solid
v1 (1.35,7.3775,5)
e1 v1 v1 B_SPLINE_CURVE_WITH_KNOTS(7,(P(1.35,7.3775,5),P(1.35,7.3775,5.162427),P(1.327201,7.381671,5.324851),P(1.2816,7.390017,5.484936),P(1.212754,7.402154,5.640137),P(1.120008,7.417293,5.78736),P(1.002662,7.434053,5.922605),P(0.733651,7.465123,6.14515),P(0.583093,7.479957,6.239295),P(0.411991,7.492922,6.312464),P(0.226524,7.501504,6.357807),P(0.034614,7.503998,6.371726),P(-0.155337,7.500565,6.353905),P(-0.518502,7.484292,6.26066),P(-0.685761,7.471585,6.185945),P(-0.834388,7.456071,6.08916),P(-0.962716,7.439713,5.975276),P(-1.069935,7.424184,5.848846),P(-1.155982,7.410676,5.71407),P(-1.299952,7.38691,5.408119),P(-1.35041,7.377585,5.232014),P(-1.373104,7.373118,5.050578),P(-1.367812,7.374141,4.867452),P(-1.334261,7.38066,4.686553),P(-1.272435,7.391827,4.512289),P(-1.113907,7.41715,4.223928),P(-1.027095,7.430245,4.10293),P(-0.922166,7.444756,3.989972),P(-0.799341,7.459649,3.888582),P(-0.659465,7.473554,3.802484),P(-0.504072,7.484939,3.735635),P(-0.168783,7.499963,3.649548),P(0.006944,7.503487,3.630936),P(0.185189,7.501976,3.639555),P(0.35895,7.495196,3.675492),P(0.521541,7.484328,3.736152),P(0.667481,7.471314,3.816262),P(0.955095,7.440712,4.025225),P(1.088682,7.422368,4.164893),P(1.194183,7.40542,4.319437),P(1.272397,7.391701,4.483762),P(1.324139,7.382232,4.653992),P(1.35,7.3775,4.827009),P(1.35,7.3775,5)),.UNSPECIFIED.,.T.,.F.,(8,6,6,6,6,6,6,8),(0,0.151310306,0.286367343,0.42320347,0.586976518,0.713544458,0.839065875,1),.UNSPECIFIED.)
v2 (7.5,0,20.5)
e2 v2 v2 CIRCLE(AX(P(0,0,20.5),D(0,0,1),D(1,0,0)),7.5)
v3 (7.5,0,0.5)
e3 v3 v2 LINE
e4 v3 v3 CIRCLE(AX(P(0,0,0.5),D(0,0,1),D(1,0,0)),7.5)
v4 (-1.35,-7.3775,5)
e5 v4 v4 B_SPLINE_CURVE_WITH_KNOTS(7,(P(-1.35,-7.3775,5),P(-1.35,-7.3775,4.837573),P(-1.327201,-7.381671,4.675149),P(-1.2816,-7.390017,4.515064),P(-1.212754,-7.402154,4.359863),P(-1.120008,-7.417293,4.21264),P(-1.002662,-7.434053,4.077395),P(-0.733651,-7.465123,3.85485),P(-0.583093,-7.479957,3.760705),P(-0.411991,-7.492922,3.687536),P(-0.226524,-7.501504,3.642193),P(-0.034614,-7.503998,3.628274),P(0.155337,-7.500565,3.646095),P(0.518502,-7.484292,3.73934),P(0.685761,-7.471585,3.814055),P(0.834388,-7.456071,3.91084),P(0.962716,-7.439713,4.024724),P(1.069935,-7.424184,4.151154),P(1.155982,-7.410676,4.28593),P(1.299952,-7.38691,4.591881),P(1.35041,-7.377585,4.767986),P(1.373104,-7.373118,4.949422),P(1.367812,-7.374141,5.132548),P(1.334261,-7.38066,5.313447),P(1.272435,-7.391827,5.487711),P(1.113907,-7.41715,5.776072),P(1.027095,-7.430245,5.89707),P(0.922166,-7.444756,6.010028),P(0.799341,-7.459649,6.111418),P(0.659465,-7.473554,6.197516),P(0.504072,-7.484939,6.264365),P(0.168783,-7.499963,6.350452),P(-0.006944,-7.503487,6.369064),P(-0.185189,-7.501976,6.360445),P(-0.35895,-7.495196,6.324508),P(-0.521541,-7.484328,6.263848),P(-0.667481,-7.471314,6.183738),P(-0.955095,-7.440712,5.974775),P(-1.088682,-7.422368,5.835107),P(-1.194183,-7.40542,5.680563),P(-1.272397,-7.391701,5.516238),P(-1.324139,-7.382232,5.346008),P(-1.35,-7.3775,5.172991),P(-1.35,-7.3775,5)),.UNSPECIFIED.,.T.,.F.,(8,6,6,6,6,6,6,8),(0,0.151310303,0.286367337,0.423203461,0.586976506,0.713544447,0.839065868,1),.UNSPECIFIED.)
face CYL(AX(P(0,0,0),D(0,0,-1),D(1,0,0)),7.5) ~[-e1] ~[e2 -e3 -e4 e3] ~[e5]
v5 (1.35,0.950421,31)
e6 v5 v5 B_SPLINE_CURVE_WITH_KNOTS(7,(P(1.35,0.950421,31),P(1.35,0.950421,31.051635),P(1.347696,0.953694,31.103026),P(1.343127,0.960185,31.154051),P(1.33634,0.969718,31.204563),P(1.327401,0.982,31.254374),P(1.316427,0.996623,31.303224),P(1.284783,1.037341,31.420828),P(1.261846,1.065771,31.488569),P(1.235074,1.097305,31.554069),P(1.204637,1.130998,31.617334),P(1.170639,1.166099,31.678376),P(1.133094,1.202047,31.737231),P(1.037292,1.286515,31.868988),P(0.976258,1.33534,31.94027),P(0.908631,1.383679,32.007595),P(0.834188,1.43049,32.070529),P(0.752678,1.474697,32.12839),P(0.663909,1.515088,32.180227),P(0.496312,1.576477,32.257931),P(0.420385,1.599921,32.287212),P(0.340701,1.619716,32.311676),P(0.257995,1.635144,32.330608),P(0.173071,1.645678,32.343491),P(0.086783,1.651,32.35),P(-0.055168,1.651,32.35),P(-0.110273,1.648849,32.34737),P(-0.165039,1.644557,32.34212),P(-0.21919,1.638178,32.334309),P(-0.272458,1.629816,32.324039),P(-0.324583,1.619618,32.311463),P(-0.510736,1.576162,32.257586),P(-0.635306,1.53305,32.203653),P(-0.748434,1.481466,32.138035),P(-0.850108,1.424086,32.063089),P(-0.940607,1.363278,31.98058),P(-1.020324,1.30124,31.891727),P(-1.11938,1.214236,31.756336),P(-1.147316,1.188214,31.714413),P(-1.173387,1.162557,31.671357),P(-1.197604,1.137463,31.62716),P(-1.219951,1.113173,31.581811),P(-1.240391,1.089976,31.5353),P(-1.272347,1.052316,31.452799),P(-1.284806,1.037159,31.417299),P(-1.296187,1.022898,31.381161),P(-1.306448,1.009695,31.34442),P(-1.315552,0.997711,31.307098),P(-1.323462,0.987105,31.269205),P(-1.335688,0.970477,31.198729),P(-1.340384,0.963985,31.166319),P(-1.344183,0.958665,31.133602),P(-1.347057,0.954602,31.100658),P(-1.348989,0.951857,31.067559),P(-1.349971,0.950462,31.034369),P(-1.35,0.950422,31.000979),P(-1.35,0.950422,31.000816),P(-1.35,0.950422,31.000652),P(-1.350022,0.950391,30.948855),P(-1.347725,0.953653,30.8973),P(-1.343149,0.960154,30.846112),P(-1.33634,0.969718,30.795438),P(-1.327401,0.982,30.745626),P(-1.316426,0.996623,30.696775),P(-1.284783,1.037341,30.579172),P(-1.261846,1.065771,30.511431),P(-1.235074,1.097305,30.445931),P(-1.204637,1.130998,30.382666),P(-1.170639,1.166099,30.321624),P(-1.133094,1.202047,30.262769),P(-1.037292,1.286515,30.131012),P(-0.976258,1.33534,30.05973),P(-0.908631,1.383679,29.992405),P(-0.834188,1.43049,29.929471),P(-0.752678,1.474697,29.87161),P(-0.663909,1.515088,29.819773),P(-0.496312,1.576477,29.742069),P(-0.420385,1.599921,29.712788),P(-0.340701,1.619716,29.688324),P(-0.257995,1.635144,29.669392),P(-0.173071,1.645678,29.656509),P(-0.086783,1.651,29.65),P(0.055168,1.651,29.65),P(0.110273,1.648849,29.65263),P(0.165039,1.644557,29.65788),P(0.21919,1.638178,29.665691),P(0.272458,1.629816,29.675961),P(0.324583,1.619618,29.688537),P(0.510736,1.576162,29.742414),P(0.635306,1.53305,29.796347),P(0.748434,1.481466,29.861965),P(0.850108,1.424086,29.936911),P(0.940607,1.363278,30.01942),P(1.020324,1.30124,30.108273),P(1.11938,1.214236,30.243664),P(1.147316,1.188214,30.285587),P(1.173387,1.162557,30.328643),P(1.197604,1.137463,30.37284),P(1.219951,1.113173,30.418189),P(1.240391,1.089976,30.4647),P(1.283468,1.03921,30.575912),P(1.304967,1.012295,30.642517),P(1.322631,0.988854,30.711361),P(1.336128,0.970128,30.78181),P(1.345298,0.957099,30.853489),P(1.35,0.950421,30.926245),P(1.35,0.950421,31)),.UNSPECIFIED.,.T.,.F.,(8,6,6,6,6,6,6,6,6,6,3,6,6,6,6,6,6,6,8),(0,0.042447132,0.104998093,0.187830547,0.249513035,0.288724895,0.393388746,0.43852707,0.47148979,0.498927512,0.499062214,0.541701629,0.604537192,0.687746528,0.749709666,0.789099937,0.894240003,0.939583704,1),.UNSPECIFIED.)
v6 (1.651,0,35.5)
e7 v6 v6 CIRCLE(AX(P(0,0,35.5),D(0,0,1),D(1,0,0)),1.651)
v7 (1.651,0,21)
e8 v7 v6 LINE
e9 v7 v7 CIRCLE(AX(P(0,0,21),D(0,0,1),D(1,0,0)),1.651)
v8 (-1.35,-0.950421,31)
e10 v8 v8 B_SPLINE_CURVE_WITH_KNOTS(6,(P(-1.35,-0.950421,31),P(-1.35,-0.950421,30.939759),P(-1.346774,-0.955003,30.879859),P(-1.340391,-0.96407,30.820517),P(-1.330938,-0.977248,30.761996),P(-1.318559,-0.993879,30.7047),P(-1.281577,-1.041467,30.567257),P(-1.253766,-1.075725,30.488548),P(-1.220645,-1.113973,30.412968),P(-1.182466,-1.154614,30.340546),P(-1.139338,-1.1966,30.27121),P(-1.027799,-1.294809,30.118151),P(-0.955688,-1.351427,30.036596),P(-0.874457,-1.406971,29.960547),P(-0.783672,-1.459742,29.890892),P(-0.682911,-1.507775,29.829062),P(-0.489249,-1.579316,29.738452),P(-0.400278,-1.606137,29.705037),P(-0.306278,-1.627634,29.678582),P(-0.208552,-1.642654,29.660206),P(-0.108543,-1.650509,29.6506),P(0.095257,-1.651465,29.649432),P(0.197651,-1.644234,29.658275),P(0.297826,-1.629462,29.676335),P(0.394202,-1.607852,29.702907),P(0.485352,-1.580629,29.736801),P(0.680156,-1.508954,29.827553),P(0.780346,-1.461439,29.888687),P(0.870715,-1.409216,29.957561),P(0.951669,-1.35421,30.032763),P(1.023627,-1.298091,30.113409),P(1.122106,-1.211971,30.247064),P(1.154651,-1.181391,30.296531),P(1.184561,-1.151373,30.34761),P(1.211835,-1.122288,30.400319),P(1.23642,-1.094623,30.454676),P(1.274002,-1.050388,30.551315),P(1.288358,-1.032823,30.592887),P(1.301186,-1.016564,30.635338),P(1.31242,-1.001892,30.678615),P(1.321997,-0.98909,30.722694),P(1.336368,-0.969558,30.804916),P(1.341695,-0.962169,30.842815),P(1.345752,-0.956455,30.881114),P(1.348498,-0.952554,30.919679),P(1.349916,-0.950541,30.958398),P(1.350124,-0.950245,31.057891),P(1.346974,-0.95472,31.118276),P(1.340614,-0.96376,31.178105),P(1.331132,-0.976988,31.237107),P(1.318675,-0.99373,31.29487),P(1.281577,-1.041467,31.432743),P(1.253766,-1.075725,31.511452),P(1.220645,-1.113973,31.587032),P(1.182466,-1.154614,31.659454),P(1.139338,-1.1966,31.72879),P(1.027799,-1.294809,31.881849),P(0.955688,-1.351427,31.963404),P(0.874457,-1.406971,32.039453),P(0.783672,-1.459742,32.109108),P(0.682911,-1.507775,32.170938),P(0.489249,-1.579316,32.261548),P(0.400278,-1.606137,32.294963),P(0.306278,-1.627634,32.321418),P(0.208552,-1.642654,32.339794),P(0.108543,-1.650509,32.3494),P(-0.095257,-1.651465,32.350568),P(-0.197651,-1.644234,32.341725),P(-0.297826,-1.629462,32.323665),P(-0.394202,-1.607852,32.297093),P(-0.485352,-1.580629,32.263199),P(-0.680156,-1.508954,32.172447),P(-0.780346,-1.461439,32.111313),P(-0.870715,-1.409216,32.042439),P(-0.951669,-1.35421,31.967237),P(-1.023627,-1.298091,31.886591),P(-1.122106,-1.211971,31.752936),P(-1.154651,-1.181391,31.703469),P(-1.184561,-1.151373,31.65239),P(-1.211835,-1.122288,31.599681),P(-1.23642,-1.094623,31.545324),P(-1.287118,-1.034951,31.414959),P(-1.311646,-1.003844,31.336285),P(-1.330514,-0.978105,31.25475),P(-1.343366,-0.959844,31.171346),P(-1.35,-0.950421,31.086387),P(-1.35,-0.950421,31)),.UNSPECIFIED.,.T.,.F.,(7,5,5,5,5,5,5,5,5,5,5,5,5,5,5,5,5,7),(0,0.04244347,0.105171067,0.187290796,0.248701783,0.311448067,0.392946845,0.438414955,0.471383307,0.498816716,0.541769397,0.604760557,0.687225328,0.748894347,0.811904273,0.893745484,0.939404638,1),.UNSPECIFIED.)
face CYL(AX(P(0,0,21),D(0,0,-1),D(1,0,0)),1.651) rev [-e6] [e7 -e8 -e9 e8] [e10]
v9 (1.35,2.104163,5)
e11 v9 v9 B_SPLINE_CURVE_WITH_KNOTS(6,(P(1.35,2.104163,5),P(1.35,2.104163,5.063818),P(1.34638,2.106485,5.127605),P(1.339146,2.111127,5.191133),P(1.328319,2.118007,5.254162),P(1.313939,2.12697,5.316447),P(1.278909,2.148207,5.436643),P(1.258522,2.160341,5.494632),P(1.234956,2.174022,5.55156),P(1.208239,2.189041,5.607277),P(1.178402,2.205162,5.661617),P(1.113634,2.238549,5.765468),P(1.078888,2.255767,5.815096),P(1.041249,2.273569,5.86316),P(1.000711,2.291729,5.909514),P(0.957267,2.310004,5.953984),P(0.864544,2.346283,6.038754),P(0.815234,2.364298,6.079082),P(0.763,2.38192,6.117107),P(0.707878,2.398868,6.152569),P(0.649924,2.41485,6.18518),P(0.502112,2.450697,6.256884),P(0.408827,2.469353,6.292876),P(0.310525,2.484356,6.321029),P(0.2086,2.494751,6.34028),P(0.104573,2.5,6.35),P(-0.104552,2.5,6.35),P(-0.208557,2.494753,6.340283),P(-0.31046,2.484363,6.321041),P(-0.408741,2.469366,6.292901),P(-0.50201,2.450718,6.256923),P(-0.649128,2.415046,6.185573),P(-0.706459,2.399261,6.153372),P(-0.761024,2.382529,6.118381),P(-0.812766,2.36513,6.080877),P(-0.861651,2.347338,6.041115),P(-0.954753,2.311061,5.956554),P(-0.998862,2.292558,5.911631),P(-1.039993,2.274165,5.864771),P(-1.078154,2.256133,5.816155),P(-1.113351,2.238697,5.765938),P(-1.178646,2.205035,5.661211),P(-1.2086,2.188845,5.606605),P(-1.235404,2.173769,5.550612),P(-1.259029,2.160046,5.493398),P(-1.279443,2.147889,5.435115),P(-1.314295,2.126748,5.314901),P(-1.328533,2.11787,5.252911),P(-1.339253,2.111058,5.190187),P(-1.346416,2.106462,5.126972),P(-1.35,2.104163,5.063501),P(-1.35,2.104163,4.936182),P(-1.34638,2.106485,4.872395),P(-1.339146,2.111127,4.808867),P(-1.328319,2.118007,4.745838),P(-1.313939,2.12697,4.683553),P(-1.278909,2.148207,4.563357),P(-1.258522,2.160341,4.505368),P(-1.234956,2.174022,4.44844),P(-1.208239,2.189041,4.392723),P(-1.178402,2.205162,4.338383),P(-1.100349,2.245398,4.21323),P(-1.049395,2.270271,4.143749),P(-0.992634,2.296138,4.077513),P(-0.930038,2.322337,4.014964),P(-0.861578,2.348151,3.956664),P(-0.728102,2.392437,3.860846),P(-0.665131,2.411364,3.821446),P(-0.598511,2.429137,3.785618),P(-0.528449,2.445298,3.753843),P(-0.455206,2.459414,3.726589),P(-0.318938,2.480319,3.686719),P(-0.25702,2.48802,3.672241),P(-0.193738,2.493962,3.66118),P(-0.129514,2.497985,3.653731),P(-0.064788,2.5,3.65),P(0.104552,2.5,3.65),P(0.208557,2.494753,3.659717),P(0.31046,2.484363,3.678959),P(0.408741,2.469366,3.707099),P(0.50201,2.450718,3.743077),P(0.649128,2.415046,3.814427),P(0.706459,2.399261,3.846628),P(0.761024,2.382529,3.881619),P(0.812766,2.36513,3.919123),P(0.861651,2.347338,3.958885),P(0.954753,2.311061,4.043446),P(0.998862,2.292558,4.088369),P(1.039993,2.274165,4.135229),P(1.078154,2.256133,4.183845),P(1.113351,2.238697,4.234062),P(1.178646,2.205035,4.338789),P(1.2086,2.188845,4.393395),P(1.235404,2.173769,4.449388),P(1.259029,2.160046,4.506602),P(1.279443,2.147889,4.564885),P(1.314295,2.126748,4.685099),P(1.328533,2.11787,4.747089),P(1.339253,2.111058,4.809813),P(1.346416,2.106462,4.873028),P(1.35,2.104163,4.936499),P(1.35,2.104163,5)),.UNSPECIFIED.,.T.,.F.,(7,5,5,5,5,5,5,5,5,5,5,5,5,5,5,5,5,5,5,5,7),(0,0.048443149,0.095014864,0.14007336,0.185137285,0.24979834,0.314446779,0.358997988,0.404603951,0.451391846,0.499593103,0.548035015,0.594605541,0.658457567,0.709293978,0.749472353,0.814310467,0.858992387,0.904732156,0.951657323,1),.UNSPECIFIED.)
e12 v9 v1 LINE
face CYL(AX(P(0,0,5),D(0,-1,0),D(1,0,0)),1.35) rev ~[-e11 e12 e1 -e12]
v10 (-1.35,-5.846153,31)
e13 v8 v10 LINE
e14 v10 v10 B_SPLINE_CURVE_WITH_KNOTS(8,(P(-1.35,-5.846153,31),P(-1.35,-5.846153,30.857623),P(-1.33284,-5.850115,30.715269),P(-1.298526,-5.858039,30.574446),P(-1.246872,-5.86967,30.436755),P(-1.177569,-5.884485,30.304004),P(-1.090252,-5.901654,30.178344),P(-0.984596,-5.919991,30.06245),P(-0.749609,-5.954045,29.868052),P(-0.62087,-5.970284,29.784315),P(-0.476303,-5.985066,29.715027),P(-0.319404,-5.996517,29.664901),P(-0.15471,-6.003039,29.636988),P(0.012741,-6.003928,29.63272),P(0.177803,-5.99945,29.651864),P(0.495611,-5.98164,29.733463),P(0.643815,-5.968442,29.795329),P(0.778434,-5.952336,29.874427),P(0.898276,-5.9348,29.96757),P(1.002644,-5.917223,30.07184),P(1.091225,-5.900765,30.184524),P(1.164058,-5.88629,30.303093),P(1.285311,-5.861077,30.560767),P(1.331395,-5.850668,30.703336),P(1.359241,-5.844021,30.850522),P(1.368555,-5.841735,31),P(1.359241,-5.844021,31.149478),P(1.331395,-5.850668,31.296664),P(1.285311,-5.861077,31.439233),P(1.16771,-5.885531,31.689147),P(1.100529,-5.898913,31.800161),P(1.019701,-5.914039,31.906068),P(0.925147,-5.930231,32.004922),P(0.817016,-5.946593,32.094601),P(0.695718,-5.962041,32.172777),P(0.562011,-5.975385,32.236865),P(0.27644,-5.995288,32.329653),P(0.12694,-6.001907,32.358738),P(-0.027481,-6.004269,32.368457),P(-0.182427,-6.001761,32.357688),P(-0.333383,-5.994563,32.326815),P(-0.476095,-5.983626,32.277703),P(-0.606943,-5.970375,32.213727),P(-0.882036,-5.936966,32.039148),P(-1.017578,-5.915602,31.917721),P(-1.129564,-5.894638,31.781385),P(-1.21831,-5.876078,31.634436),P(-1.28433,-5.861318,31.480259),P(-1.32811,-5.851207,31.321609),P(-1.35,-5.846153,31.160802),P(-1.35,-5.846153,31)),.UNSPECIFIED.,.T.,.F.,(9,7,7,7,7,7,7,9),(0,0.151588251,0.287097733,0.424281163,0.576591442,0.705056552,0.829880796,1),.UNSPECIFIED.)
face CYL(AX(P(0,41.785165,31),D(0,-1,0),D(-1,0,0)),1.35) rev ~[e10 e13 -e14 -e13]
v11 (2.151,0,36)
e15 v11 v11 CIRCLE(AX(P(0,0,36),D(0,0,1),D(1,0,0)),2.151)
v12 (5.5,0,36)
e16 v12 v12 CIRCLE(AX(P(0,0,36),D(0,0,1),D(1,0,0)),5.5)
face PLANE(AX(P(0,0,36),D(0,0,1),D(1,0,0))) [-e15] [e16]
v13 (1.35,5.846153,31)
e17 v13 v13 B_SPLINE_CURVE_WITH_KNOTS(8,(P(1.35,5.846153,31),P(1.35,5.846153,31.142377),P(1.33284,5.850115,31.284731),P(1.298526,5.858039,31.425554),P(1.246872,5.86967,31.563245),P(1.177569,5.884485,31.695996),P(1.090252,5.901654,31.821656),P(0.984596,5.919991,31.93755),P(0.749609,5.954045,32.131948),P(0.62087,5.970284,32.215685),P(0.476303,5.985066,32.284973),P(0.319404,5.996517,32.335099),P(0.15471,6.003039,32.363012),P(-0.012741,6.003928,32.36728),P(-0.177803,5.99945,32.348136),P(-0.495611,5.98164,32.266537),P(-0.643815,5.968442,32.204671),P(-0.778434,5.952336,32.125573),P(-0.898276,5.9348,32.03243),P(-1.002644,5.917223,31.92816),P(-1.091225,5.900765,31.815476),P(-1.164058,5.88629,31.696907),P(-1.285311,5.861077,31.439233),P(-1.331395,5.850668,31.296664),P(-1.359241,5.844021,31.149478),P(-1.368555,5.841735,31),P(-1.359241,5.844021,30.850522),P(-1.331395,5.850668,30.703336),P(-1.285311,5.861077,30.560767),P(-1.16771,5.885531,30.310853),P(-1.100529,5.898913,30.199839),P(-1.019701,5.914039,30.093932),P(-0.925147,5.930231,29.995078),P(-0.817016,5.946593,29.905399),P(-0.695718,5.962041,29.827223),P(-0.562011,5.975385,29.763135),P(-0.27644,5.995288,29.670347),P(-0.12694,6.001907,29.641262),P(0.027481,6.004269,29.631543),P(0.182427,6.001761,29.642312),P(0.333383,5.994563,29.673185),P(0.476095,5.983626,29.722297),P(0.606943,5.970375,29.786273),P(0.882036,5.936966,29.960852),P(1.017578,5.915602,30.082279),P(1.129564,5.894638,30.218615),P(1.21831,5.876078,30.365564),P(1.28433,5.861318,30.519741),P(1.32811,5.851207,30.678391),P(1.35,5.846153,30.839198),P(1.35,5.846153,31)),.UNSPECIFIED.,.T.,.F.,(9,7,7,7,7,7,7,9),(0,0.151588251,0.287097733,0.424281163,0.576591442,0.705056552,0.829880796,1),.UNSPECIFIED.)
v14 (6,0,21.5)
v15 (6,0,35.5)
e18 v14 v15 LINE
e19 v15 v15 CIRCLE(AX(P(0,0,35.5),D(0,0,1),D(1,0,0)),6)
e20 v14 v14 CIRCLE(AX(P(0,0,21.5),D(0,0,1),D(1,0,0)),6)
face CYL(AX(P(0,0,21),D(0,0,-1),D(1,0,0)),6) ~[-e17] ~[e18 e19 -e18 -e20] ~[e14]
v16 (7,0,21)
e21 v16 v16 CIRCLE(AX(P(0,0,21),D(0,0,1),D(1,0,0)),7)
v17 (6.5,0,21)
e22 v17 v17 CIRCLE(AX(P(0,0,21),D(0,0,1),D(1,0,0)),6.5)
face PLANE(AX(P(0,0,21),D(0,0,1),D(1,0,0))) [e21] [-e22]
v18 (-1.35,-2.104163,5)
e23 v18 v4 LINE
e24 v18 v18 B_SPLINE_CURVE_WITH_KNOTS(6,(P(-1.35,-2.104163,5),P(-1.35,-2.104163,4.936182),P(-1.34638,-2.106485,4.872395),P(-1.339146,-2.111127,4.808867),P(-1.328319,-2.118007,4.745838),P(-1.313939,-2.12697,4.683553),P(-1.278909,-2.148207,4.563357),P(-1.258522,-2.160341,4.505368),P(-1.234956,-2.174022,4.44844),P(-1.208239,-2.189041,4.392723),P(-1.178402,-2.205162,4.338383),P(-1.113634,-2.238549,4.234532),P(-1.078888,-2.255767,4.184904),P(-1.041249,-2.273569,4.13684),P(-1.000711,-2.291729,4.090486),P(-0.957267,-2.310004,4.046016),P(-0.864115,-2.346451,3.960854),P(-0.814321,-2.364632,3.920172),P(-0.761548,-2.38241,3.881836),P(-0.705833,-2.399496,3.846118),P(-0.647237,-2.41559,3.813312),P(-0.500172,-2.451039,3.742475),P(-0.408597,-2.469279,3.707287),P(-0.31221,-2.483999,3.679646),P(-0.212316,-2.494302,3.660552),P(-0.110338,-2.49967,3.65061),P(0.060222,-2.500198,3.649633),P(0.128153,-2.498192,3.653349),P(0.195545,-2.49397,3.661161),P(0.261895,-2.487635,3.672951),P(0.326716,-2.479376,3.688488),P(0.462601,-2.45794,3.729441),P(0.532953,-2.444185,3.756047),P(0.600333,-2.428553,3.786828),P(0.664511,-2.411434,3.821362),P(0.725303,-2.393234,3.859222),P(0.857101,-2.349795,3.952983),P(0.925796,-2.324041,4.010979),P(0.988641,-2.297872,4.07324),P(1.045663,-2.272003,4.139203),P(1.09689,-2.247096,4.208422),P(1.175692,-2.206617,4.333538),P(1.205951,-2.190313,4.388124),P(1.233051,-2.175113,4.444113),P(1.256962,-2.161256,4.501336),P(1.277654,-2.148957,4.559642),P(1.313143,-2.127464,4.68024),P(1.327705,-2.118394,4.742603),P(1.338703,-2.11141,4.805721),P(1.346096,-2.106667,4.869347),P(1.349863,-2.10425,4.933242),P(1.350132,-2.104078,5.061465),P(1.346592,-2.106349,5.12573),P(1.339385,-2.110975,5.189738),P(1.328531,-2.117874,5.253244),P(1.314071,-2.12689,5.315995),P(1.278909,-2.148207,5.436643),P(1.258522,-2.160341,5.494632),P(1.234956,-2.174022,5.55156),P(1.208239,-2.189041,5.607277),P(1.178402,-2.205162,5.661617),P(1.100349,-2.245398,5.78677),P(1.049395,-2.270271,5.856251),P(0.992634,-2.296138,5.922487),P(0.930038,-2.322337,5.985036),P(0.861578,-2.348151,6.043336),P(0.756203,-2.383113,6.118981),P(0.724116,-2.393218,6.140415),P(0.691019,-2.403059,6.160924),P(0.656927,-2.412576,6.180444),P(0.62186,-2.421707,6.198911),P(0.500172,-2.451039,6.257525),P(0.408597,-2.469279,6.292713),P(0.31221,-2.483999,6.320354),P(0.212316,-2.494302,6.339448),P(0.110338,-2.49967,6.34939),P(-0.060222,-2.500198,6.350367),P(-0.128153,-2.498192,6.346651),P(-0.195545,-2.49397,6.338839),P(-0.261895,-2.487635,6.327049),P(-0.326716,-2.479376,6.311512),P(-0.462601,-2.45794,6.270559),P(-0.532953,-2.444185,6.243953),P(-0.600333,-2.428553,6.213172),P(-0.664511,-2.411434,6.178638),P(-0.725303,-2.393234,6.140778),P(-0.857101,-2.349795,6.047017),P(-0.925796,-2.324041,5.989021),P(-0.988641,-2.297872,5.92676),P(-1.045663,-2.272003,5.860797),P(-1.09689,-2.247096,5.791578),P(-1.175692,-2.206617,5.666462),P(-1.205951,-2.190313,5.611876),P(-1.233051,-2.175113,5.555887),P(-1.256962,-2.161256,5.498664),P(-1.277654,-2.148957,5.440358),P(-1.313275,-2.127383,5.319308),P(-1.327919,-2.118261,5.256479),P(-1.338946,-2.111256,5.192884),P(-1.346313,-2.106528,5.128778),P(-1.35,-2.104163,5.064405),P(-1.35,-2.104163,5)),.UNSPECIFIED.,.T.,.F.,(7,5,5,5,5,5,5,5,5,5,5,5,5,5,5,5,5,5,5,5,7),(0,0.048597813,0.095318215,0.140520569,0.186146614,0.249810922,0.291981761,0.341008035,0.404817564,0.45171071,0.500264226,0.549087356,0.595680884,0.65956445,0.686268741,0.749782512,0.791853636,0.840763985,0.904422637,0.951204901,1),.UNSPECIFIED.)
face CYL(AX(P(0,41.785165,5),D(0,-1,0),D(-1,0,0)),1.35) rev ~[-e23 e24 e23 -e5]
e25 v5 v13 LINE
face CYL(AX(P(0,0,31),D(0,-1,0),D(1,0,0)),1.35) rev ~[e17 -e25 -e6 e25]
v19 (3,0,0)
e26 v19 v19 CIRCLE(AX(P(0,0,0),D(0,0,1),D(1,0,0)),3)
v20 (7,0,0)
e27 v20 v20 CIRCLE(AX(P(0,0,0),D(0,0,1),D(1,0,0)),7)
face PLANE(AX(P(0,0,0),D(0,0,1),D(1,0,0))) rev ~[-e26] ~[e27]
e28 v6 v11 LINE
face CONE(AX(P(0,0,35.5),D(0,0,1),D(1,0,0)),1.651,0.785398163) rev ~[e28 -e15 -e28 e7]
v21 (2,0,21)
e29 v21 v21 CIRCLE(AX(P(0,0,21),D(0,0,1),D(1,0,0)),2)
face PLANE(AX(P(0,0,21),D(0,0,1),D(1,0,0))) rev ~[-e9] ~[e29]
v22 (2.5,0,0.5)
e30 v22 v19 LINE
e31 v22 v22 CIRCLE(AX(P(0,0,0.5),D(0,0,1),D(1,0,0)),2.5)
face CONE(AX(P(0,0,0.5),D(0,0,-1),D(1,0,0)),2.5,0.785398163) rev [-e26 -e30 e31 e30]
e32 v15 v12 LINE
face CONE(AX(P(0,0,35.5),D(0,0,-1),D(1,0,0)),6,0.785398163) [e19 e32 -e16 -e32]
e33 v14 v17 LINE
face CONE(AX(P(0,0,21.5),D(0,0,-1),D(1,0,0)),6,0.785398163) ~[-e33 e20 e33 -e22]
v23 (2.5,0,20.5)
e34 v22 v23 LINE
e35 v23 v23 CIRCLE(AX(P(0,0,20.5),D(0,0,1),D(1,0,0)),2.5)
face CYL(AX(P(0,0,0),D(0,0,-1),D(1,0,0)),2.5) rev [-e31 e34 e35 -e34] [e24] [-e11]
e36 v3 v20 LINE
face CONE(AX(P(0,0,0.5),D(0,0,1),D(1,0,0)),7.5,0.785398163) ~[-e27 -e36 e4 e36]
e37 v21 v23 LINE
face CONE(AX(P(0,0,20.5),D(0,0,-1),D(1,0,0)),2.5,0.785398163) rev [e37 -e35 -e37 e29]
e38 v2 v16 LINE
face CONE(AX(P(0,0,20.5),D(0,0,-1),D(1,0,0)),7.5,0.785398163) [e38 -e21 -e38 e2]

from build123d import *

# Parameters (mm, degrees)
F0_R     = 7.5
F0_R_2   = 2.5
F1_DEPTH = 21
F2_R     = 6
F2_R_2   = 1.651
F3_DEPTH = 15
F5_D     = 2.7
F5_DEPTH = 7.501
F6_D     = 2.7
F7_SIZE  = 0.5


with BuildPart() as f1:
    # F0 (on Top) → F1 (new body)
    with BuildSketch(Plane.XY):
        Circle(F0_R)
        Circle(F0_R_2, mode=Mode.SUBTRACT)
    extrude(amount=F1_DEPTH)

    # F2 (on face) → F3 (join)
    with BuildSketch(Plane.XY.offset(21)):
        Circle(F2_R)
        Circle(F2_R_2, mode=Mode.SUBTRACT)
    extrude(amount=F3_DEPTH)

    # F5 (through all, one way)
    with BuildSketch(Plane.XZ):
        with Locations((0, 5), (0, 31)):
            Circle(F5_D / 2)
    extrude(amount=-F5_DEPTH, mode=Mode.SUBTRACT)

    # F6 (through all)
    with Locations(Plane(origin=(0, 0, 0), x_dir=(1, 0, 0), z_dir=(0, 1, 0))):
        with Locations((0, -5), (0, -31)):
            Hole(F6_D / 2)

    # F7
    f7_edges = [f1.edges().sort_by_distance(p)[0] for p in [
        (-7.5, 0, 0),
        (-7.5, 0, 21),
        (-6, 0, 36),
        (-2.5, 0, 0),
        (-6, 0, 21),
        (-2.5, 0, 21),
        (-1.651, 0, 36),
    ]]
    chamfer(f7_edges, length=F7_SIZE)


solid = f1.part
